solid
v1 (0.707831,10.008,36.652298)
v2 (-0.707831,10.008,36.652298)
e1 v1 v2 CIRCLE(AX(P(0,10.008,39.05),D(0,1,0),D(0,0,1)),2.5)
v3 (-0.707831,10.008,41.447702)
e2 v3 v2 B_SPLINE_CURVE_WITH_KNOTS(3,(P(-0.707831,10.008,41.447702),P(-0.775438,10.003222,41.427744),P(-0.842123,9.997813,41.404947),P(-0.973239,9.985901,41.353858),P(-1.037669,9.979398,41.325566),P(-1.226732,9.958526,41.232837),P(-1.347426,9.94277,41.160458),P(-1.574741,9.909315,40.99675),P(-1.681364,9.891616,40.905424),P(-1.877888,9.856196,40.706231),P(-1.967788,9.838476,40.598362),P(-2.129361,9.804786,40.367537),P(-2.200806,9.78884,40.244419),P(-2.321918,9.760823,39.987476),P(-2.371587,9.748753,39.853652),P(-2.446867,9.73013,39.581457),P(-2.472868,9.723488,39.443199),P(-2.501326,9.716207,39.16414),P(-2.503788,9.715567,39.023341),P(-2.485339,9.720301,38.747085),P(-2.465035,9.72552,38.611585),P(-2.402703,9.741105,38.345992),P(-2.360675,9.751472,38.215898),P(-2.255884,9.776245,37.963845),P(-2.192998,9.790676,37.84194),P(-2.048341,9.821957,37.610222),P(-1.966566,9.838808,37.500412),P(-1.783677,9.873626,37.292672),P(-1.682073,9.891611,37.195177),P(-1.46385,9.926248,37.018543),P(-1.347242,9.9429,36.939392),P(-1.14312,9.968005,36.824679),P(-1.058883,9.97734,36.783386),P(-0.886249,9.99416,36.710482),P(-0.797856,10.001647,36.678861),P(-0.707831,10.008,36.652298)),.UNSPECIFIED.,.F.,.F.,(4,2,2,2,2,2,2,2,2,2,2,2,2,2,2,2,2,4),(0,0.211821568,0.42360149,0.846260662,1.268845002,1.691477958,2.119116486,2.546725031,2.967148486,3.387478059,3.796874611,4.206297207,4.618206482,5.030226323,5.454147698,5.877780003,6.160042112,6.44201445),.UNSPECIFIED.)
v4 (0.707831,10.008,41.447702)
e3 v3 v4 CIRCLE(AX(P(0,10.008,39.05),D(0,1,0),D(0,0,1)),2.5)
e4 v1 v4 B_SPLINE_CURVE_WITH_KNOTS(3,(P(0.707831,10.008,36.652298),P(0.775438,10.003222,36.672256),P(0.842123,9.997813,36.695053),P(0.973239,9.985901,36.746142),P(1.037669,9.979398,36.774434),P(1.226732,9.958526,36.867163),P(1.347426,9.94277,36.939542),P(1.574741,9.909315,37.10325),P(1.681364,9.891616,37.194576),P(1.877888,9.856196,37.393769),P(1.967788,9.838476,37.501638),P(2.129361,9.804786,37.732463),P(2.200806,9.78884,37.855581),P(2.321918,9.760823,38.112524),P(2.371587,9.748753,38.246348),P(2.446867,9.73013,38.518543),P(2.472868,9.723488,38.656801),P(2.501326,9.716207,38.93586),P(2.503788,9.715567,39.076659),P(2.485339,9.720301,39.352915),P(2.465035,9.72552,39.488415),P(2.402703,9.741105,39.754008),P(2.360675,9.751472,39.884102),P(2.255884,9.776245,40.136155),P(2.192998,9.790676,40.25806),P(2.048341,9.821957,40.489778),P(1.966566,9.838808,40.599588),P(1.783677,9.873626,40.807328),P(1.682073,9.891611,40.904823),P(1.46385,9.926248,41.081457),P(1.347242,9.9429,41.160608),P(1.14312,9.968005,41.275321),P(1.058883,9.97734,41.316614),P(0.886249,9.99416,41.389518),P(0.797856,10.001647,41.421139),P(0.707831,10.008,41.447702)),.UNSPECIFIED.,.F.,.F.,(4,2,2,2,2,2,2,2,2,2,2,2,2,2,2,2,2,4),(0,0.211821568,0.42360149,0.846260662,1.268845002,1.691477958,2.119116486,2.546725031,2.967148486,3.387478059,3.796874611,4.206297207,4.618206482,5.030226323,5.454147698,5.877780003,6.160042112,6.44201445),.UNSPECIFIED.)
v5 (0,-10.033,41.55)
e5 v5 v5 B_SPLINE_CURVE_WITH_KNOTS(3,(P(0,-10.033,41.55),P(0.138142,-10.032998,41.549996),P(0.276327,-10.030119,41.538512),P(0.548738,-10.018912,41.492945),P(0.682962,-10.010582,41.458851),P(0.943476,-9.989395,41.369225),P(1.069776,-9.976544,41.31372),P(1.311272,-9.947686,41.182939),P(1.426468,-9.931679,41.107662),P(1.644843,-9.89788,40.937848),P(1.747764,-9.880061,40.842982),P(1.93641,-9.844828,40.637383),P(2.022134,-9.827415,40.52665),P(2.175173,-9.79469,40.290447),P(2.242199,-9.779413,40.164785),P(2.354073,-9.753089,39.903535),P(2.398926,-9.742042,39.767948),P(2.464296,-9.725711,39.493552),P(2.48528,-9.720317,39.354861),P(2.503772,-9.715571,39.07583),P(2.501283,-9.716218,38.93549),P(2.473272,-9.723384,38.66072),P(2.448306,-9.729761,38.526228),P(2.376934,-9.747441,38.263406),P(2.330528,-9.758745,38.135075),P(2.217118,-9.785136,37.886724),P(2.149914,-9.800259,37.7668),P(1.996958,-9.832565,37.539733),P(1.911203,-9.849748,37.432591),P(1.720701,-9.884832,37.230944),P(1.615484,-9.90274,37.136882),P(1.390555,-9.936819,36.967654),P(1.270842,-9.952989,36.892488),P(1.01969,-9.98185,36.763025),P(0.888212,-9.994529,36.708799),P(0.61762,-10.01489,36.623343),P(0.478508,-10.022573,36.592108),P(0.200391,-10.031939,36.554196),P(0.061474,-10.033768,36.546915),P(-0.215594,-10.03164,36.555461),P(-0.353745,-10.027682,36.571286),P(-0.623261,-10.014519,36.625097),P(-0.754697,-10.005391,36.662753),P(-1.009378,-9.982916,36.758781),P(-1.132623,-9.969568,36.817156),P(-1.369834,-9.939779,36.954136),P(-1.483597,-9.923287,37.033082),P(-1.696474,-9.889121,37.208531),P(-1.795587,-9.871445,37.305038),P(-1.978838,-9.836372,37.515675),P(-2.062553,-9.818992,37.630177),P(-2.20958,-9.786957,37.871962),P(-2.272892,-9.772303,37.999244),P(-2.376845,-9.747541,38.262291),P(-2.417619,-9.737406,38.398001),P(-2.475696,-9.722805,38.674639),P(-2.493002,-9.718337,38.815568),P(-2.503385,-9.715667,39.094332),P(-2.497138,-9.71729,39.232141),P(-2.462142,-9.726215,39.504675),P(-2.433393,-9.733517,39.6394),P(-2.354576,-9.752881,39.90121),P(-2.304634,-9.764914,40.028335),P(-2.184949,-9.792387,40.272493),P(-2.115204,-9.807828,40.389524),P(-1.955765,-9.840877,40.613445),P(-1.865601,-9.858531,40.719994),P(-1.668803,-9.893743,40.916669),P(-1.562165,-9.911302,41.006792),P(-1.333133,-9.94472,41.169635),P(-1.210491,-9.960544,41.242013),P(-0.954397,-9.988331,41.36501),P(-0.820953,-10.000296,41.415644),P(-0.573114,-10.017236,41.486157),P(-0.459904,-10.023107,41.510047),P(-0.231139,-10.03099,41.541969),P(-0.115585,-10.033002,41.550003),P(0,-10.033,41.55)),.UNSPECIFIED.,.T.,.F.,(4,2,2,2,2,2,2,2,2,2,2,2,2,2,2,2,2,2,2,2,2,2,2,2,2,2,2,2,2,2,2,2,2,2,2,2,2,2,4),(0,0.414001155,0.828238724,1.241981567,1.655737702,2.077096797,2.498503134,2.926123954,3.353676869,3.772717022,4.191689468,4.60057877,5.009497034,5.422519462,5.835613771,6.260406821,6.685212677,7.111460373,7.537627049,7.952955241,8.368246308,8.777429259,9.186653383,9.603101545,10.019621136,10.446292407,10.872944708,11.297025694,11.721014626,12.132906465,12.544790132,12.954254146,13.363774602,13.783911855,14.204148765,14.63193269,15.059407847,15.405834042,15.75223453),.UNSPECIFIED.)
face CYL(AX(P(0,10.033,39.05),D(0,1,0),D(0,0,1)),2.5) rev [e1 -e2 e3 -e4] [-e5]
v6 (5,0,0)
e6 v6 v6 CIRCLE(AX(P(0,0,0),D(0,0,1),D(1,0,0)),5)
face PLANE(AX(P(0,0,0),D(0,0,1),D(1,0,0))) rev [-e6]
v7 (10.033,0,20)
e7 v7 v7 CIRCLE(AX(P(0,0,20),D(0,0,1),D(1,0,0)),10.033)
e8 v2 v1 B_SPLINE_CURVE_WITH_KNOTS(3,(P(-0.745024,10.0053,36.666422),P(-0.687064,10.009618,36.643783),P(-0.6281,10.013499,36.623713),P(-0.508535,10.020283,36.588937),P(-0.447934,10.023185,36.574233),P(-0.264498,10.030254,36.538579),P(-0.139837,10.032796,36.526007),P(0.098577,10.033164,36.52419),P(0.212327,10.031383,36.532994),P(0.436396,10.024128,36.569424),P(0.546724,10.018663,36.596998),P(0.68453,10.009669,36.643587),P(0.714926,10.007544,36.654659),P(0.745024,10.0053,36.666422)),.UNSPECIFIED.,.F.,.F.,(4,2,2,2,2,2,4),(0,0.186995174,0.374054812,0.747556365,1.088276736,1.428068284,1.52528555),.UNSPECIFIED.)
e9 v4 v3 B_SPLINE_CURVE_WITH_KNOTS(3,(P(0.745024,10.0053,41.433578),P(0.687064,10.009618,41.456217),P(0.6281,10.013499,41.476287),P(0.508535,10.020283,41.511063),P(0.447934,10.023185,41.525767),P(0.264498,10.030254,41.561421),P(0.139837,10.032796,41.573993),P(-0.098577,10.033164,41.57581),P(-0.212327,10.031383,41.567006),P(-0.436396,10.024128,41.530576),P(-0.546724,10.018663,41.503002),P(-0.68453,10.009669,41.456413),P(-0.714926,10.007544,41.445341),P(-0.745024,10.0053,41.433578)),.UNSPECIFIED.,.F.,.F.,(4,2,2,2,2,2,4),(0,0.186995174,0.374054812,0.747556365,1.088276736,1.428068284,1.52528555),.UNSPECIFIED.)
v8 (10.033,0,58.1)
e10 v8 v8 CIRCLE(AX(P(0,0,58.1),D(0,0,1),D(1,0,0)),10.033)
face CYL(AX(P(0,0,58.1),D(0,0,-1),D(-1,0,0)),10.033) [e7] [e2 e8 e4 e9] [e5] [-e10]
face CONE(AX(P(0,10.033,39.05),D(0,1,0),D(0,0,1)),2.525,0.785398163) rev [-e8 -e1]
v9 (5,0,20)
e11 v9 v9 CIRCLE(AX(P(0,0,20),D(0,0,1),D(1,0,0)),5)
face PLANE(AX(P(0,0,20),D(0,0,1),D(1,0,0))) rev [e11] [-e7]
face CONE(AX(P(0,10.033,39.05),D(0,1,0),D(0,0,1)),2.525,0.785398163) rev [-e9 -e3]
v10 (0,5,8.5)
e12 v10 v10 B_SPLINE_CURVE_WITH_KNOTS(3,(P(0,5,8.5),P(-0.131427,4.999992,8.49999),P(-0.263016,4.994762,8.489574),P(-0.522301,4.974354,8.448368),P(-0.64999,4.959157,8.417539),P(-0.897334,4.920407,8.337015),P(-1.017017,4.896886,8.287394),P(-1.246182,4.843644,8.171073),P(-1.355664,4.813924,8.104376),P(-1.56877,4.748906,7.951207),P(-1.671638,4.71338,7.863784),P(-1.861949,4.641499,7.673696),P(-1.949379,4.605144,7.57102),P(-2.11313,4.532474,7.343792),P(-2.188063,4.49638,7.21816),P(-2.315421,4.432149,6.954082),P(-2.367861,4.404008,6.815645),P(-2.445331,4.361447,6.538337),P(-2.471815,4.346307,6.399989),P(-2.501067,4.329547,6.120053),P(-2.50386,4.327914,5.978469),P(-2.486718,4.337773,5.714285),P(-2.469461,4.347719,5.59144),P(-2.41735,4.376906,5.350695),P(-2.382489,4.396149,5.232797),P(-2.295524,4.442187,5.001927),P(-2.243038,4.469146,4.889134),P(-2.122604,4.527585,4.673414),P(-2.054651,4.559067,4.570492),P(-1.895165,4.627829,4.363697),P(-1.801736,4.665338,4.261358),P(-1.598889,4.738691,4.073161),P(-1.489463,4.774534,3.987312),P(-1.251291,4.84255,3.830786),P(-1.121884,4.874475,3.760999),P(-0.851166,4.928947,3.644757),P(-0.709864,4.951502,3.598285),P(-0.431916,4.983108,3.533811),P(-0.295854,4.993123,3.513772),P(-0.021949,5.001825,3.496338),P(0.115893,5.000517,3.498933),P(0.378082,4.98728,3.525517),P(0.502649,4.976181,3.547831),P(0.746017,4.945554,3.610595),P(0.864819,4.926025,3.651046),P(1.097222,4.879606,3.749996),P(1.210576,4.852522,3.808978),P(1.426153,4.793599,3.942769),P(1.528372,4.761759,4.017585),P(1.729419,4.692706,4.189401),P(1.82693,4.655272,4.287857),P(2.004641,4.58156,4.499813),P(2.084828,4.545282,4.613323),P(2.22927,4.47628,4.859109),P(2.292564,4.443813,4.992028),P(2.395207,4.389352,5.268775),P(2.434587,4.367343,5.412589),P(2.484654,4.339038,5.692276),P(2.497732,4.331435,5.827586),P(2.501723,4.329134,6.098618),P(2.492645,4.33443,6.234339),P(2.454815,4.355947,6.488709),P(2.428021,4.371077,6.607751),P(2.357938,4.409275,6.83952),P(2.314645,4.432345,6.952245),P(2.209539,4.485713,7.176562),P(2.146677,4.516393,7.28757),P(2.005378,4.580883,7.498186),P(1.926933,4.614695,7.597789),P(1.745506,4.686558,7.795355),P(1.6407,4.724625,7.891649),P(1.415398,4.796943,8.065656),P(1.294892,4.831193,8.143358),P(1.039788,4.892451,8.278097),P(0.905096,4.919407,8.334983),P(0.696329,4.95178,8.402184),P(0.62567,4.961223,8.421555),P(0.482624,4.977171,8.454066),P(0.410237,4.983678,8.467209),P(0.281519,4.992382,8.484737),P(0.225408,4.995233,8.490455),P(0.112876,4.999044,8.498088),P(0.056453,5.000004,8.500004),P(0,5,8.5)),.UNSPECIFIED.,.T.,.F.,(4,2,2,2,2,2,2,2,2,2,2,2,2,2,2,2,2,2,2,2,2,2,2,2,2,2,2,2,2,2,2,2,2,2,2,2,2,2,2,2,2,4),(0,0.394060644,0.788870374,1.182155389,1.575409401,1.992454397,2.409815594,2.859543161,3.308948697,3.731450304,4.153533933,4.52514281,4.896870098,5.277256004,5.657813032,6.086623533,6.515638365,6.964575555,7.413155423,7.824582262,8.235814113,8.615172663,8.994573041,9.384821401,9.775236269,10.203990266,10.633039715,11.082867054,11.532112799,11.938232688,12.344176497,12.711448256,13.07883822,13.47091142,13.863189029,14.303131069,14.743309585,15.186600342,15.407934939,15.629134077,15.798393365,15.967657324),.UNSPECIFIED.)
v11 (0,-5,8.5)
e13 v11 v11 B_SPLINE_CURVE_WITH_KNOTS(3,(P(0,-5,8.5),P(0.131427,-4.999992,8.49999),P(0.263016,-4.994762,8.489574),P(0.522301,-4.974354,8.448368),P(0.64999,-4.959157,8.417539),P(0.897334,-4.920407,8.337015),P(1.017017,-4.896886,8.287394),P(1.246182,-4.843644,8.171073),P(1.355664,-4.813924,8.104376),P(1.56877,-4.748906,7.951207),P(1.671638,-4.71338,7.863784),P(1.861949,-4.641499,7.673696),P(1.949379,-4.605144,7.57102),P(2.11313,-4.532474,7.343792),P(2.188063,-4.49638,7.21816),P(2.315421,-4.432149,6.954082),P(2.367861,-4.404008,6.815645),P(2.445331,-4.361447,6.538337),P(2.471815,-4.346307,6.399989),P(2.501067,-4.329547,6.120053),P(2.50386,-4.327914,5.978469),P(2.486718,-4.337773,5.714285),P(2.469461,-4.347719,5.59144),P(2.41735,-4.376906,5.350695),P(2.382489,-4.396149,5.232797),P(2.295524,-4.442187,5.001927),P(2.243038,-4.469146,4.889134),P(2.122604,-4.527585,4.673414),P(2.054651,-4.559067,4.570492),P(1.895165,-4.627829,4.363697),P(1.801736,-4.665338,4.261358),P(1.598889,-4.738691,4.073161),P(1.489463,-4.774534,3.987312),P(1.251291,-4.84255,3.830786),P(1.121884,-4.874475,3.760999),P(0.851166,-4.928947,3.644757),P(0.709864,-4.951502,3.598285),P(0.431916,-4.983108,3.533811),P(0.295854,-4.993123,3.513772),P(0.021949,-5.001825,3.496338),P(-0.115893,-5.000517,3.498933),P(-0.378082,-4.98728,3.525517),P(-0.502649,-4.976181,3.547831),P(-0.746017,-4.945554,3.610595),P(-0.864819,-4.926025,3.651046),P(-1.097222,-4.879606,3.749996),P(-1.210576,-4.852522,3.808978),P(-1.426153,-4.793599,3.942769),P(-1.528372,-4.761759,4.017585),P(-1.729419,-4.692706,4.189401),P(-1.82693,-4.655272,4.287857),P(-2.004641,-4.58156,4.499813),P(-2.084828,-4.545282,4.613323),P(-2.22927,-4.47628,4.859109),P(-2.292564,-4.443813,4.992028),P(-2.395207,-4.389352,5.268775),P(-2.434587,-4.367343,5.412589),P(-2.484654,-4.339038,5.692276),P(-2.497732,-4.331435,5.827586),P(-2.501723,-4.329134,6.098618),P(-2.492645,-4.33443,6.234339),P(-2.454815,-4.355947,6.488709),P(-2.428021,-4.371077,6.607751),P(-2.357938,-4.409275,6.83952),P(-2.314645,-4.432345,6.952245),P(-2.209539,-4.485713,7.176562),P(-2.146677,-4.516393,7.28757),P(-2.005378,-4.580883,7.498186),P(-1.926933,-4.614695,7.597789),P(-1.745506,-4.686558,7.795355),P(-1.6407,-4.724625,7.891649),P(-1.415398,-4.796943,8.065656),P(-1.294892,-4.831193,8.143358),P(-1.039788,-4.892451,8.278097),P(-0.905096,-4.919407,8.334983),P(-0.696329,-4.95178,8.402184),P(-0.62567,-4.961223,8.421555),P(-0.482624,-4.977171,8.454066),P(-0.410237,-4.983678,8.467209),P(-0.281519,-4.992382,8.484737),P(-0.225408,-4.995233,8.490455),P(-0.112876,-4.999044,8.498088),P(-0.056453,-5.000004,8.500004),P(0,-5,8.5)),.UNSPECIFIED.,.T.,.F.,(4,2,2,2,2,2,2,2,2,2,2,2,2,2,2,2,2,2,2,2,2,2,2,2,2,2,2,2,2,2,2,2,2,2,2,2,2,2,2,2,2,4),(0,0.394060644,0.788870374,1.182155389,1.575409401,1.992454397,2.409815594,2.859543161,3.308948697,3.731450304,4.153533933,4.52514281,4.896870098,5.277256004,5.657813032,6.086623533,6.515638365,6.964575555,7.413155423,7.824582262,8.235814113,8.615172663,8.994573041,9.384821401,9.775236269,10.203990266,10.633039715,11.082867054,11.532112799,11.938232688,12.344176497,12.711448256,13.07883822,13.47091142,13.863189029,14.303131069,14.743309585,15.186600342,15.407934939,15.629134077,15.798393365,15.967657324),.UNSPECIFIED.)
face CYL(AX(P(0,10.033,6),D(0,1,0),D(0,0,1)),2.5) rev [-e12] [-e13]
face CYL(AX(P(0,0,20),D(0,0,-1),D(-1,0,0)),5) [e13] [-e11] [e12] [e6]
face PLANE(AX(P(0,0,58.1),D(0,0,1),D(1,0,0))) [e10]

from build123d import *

# Parameters (mm, degrees)
SKETCH1_R                       = 5
BOSS_EXTRUDE1_DEPTH             = 20
SKETCH2_R                       = 10.033
BOSS_EXTRUDE2_DEPTH             = 38.1
F_5_0MM_DOWEL_HOLE1_D           = 5
F_5_0MM_DOWEL_HOLE1_CSINK_D     = 5.05
F_5_0MM_DOWEL_HOLE1_CSINK_ANGLE = 90


with BuildPart() as part:
    # Sketch1 → Boss-Extrude1 (new body)
    with BuildSketch(Plane.XY):
        Circle(SKETCH1_R)
    extrude(amount=BOSS_EXTRUDE1_DEPTH)

    # Sketch2 → Boss-Extrude2 (add)
    with BuildSketch(Plane.XY.offset(20)):
        with Locations(Location((0, 0, 0), (0, 0, 180))):
            Circle(SKETCH2_R)
    extrude(amount=BOSS_EXTRUDE2_DEPTH)

    # Ø5.0mm Dowel Hole1 (through all)
    with Locations(Plane(origin=(0, 10.033, 0), x_dir=(1, 0, 0), z_dir=(0, 1, 0))):
        with Locations((0, -6), (0, -39.05)):
            CounterSinkHole(F_5_0MM_DOWEL_HOLE1_D / 2, F_5_0MM_DOWEL_HOLE1_CSINK_D / 2, counter_sink_angle=F_5_0MM_DOWEL_HOLE1_CSINK_ANGLE)


solid = part.part
